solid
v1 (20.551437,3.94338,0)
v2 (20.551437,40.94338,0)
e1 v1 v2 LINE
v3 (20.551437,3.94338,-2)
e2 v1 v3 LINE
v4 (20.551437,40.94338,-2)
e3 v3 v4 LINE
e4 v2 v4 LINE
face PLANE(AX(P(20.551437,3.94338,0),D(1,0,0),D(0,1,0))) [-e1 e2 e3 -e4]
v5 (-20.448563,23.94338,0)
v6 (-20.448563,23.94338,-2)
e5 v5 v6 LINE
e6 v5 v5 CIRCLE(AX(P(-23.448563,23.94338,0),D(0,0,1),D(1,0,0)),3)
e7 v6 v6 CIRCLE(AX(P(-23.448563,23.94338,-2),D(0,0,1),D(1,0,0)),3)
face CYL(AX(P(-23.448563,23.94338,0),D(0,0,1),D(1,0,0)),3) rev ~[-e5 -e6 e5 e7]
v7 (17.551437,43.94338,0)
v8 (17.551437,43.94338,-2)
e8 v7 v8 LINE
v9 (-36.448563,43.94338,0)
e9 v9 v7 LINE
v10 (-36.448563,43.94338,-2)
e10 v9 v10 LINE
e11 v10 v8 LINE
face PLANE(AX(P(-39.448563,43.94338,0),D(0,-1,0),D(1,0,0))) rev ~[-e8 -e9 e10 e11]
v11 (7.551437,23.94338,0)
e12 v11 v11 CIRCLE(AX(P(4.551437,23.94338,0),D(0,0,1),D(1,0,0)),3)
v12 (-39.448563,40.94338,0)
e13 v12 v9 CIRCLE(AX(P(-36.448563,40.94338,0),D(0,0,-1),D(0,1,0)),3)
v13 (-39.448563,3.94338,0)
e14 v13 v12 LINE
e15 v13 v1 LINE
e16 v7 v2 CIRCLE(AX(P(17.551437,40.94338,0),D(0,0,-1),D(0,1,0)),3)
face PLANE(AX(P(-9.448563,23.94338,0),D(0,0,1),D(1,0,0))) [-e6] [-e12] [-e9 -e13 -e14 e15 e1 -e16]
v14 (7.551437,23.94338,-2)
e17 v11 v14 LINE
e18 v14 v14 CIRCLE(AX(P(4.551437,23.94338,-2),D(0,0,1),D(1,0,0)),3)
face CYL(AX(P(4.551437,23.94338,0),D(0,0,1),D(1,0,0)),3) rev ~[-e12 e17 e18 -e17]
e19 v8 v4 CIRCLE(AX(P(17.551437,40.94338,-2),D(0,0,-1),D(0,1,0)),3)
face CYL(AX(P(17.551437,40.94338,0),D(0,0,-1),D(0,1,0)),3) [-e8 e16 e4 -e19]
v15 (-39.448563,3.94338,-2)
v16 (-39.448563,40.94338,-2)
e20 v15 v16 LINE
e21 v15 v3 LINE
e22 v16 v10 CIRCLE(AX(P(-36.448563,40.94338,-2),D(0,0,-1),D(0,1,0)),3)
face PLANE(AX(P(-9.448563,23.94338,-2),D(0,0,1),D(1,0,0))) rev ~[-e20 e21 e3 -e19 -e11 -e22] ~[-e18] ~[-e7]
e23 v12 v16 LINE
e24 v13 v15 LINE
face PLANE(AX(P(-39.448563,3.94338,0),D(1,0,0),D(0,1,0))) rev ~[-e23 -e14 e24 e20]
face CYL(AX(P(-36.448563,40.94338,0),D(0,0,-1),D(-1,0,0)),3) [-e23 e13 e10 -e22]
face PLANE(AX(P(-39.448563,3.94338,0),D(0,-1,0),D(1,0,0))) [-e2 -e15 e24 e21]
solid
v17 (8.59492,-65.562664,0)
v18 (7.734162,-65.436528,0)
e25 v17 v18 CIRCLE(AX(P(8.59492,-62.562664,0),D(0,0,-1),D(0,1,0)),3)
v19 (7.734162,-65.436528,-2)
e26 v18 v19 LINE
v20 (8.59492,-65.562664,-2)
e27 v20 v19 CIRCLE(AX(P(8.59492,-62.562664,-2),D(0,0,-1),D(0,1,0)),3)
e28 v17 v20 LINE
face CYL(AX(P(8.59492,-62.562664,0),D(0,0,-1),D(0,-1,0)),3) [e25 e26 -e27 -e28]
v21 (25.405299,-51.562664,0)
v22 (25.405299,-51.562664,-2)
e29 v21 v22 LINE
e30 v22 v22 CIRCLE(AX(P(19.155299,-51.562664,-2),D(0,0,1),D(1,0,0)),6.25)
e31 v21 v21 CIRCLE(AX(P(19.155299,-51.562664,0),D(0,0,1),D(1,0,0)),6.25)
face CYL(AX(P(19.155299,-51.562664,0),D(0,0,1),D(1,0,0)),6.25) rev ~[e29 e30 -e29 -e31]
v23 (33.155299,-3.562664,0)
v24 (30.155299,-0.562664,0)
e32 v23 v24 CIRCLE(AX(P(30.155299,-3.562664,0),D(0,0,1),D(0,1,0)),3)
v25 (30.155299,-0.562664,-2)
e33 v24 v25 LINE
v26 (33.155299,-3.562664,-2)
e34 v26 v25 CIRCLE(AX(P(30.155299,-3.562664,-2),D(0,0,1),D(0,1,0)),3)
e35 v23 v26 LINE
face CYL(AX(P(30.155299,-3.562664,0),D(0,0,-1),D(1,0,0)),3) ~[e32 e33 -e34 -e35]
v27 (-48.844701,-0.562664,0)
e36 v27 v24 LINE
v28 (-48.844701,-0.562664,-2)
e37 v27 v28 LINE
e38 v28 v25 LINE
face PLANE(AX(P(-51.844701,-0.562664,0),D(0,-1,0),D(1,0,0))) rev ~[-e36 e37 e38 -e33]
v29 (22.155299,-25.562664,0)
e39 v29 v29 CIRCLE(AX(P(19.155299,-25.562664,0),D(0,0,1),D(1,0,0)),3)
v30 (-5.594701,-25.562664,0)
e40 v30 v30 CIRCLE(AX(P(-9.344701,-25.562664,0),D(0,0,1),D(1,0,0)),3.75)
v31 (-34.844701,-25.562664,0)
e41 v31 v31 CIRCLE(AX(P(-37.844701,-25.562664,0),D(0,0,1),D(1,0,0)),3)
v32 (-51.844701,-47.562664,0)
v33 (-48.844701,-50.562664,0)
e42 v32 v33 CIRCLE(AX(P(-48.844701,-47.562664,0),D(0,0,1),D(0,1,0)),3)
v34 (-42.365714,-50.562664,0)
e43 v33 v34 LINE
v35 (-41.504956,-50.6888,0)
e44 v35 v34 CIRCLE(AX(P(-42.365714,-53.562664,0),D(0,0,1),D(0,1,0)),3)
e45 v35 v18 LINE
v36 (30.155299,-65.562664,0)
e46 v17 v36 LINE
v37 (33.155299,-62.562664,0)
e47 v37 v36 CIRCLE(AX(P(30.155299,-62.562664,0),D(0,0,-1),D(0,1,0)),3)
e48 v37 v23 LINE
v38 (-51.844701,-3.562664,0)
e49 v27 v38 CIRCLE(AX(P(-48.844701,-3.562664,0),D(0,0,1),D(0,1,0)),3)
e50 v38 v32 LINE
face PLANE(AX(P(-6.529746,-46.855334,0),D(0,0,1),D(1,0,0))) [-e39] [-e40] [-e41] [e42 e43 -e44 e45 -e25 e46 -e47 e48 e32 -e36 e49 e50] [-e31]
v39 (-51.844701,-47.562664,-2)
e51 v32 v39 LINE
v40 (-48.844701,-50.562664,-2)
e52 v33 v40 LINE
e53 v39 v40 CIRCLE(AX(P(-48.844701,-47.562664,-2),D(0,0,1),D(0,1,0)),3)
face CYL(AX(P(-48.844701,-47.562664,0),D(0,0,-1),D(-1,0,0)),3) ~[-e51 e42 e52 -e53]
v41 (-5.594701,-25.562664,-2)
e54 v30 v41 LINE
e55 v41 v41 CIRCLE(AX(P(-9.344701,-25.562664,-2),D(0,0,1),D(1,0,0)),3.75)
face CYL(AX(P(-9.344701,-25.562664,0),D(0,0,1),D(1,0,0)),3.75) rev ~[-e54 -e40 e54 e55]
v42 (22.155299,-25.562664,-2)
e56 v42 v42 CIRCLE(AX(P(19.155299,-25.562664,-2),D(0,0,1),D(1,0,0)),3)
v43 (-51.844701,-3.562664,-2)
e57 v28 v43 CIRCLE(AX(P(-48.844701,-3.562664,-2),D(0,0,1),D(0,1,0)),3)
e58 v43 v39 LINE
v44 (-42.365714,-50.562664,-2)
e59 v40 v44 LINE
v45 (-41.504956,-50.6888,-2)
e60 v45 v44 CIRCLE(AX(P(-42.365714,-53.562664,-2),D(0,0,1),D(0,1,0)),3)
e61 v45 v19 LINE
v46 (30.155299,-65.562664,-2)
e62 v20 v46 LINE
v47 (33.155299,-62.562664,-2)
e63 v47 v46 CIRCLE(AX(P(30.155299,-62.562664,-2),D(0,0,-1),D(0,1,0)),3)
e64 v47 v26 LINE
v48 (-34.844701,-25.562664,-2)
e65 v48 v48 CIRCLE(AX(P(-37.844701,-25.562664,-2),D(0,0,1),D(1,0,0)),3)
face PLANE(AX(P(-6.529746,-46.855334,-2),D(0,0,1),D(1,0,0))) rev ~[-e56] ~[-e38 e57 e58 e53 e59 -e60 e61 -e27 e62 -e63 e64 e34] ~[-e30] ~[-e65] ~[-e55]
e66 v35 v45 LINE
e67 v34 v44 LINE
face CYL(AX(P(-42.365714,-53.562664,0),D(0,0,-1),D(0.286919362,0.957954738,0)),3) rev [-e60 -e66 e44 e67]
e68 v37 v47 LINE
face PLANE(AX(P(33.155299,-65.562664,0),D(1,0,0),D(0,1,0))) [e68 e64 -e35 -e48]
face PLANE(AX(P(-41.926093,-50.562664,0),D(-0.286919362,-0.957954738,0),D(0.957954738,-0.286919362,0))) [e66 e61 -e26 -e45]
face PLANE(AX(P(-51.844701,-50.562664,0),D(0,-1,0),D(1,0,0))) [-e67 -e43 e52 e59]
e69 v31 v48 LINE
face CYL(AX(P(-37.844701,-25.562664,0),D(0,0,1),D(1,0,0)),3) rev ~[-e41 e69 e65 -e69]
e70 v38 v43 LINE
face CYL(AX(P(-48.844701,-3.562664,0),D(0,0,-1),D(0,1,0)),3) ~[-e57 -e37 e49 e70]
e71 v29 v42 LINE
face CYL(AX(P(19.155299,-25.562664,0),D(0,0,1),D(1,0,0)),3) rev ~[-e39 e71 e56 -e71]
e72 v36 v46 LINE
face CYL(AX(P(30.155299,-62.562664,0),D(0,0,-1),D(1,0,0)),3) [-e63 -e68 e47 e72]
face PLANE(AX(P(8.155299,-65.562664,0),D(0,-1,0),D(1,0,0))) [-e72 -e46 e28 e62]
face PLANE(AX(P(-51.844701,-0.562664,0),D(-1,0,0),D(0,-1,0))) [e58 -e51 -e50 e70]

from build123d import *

# Parameters (mm, degrees)
F0_W     = 60
F0_H     = 40
F0_R     = 3
F0_R_2   = 6.25
F0_W_2   = 85
F0_H_2   = 33.308684
F0_R_3   = 3.75
F1_DEPTH = 2
F2_R     = 3


with BuildPart() as f1:
    # F0 (on Top) → F1 (new body)
    with BuildSketch(Plane.XY):
        with Locations((-9.448563, 23.94338)):
            Rectangle(F0_W, F0_H)
        with Locations((-23.448563, 23.94338)):
            Circle(F0_R, mode=Mode.SUBTRACT)
        with Locations((4.551437, 23.94338)):
            Circle(F0_R, mode=Mode.SUBTRACT)
        Polygon((33.155299, -33.871348), (-51.844701, -33.871348), (-51.844701, -50.562664), (-41.926093, -50.562664), (8.155299, -65.562664), (33.155299, -65.562664), align=None)
        with Locations((19.155299, -51.562664)):
            Circle(F0_R_2, mode=Mode.SUBTRACT)
        with Locations((-9.344701, -17.217006)):
            Rectangle(F0_W_2, F0_H_2)
        with Locations((-37.844701, -25.562664)):
            Circle(F0_R, mode=Mode.SUBTRACT)
        with Locations((-9.344701, -25.562664)):
            Circle(F0_R_3, mode=Mode.SUBTRACT)
        with Locations((19.155299, -25.562664)):
            Circle(F0_R, mode=Mode.SUBTRACT)
    extrude(amount=-F1_DEPTH)

    # F2
    f2_edges = [f1.edges().sort_by_distance(p)[0] for p in [
        (-39.448563, 43.94338, -1),
        (20.551437, 43.94338, -1),
        (-51.844701, -0.562664, -1),
        (-51.844701, -50.562664, -1),
        (-41.926093, -50.562664, -1),
        (8.155299, -65.562664, -1),
        (33.155299, -65.562664, -1),
        (33.155299, -0.562664, -1),
    ]]
    fillet(f2_edges, radius=F2_R)


solid = f1.part
